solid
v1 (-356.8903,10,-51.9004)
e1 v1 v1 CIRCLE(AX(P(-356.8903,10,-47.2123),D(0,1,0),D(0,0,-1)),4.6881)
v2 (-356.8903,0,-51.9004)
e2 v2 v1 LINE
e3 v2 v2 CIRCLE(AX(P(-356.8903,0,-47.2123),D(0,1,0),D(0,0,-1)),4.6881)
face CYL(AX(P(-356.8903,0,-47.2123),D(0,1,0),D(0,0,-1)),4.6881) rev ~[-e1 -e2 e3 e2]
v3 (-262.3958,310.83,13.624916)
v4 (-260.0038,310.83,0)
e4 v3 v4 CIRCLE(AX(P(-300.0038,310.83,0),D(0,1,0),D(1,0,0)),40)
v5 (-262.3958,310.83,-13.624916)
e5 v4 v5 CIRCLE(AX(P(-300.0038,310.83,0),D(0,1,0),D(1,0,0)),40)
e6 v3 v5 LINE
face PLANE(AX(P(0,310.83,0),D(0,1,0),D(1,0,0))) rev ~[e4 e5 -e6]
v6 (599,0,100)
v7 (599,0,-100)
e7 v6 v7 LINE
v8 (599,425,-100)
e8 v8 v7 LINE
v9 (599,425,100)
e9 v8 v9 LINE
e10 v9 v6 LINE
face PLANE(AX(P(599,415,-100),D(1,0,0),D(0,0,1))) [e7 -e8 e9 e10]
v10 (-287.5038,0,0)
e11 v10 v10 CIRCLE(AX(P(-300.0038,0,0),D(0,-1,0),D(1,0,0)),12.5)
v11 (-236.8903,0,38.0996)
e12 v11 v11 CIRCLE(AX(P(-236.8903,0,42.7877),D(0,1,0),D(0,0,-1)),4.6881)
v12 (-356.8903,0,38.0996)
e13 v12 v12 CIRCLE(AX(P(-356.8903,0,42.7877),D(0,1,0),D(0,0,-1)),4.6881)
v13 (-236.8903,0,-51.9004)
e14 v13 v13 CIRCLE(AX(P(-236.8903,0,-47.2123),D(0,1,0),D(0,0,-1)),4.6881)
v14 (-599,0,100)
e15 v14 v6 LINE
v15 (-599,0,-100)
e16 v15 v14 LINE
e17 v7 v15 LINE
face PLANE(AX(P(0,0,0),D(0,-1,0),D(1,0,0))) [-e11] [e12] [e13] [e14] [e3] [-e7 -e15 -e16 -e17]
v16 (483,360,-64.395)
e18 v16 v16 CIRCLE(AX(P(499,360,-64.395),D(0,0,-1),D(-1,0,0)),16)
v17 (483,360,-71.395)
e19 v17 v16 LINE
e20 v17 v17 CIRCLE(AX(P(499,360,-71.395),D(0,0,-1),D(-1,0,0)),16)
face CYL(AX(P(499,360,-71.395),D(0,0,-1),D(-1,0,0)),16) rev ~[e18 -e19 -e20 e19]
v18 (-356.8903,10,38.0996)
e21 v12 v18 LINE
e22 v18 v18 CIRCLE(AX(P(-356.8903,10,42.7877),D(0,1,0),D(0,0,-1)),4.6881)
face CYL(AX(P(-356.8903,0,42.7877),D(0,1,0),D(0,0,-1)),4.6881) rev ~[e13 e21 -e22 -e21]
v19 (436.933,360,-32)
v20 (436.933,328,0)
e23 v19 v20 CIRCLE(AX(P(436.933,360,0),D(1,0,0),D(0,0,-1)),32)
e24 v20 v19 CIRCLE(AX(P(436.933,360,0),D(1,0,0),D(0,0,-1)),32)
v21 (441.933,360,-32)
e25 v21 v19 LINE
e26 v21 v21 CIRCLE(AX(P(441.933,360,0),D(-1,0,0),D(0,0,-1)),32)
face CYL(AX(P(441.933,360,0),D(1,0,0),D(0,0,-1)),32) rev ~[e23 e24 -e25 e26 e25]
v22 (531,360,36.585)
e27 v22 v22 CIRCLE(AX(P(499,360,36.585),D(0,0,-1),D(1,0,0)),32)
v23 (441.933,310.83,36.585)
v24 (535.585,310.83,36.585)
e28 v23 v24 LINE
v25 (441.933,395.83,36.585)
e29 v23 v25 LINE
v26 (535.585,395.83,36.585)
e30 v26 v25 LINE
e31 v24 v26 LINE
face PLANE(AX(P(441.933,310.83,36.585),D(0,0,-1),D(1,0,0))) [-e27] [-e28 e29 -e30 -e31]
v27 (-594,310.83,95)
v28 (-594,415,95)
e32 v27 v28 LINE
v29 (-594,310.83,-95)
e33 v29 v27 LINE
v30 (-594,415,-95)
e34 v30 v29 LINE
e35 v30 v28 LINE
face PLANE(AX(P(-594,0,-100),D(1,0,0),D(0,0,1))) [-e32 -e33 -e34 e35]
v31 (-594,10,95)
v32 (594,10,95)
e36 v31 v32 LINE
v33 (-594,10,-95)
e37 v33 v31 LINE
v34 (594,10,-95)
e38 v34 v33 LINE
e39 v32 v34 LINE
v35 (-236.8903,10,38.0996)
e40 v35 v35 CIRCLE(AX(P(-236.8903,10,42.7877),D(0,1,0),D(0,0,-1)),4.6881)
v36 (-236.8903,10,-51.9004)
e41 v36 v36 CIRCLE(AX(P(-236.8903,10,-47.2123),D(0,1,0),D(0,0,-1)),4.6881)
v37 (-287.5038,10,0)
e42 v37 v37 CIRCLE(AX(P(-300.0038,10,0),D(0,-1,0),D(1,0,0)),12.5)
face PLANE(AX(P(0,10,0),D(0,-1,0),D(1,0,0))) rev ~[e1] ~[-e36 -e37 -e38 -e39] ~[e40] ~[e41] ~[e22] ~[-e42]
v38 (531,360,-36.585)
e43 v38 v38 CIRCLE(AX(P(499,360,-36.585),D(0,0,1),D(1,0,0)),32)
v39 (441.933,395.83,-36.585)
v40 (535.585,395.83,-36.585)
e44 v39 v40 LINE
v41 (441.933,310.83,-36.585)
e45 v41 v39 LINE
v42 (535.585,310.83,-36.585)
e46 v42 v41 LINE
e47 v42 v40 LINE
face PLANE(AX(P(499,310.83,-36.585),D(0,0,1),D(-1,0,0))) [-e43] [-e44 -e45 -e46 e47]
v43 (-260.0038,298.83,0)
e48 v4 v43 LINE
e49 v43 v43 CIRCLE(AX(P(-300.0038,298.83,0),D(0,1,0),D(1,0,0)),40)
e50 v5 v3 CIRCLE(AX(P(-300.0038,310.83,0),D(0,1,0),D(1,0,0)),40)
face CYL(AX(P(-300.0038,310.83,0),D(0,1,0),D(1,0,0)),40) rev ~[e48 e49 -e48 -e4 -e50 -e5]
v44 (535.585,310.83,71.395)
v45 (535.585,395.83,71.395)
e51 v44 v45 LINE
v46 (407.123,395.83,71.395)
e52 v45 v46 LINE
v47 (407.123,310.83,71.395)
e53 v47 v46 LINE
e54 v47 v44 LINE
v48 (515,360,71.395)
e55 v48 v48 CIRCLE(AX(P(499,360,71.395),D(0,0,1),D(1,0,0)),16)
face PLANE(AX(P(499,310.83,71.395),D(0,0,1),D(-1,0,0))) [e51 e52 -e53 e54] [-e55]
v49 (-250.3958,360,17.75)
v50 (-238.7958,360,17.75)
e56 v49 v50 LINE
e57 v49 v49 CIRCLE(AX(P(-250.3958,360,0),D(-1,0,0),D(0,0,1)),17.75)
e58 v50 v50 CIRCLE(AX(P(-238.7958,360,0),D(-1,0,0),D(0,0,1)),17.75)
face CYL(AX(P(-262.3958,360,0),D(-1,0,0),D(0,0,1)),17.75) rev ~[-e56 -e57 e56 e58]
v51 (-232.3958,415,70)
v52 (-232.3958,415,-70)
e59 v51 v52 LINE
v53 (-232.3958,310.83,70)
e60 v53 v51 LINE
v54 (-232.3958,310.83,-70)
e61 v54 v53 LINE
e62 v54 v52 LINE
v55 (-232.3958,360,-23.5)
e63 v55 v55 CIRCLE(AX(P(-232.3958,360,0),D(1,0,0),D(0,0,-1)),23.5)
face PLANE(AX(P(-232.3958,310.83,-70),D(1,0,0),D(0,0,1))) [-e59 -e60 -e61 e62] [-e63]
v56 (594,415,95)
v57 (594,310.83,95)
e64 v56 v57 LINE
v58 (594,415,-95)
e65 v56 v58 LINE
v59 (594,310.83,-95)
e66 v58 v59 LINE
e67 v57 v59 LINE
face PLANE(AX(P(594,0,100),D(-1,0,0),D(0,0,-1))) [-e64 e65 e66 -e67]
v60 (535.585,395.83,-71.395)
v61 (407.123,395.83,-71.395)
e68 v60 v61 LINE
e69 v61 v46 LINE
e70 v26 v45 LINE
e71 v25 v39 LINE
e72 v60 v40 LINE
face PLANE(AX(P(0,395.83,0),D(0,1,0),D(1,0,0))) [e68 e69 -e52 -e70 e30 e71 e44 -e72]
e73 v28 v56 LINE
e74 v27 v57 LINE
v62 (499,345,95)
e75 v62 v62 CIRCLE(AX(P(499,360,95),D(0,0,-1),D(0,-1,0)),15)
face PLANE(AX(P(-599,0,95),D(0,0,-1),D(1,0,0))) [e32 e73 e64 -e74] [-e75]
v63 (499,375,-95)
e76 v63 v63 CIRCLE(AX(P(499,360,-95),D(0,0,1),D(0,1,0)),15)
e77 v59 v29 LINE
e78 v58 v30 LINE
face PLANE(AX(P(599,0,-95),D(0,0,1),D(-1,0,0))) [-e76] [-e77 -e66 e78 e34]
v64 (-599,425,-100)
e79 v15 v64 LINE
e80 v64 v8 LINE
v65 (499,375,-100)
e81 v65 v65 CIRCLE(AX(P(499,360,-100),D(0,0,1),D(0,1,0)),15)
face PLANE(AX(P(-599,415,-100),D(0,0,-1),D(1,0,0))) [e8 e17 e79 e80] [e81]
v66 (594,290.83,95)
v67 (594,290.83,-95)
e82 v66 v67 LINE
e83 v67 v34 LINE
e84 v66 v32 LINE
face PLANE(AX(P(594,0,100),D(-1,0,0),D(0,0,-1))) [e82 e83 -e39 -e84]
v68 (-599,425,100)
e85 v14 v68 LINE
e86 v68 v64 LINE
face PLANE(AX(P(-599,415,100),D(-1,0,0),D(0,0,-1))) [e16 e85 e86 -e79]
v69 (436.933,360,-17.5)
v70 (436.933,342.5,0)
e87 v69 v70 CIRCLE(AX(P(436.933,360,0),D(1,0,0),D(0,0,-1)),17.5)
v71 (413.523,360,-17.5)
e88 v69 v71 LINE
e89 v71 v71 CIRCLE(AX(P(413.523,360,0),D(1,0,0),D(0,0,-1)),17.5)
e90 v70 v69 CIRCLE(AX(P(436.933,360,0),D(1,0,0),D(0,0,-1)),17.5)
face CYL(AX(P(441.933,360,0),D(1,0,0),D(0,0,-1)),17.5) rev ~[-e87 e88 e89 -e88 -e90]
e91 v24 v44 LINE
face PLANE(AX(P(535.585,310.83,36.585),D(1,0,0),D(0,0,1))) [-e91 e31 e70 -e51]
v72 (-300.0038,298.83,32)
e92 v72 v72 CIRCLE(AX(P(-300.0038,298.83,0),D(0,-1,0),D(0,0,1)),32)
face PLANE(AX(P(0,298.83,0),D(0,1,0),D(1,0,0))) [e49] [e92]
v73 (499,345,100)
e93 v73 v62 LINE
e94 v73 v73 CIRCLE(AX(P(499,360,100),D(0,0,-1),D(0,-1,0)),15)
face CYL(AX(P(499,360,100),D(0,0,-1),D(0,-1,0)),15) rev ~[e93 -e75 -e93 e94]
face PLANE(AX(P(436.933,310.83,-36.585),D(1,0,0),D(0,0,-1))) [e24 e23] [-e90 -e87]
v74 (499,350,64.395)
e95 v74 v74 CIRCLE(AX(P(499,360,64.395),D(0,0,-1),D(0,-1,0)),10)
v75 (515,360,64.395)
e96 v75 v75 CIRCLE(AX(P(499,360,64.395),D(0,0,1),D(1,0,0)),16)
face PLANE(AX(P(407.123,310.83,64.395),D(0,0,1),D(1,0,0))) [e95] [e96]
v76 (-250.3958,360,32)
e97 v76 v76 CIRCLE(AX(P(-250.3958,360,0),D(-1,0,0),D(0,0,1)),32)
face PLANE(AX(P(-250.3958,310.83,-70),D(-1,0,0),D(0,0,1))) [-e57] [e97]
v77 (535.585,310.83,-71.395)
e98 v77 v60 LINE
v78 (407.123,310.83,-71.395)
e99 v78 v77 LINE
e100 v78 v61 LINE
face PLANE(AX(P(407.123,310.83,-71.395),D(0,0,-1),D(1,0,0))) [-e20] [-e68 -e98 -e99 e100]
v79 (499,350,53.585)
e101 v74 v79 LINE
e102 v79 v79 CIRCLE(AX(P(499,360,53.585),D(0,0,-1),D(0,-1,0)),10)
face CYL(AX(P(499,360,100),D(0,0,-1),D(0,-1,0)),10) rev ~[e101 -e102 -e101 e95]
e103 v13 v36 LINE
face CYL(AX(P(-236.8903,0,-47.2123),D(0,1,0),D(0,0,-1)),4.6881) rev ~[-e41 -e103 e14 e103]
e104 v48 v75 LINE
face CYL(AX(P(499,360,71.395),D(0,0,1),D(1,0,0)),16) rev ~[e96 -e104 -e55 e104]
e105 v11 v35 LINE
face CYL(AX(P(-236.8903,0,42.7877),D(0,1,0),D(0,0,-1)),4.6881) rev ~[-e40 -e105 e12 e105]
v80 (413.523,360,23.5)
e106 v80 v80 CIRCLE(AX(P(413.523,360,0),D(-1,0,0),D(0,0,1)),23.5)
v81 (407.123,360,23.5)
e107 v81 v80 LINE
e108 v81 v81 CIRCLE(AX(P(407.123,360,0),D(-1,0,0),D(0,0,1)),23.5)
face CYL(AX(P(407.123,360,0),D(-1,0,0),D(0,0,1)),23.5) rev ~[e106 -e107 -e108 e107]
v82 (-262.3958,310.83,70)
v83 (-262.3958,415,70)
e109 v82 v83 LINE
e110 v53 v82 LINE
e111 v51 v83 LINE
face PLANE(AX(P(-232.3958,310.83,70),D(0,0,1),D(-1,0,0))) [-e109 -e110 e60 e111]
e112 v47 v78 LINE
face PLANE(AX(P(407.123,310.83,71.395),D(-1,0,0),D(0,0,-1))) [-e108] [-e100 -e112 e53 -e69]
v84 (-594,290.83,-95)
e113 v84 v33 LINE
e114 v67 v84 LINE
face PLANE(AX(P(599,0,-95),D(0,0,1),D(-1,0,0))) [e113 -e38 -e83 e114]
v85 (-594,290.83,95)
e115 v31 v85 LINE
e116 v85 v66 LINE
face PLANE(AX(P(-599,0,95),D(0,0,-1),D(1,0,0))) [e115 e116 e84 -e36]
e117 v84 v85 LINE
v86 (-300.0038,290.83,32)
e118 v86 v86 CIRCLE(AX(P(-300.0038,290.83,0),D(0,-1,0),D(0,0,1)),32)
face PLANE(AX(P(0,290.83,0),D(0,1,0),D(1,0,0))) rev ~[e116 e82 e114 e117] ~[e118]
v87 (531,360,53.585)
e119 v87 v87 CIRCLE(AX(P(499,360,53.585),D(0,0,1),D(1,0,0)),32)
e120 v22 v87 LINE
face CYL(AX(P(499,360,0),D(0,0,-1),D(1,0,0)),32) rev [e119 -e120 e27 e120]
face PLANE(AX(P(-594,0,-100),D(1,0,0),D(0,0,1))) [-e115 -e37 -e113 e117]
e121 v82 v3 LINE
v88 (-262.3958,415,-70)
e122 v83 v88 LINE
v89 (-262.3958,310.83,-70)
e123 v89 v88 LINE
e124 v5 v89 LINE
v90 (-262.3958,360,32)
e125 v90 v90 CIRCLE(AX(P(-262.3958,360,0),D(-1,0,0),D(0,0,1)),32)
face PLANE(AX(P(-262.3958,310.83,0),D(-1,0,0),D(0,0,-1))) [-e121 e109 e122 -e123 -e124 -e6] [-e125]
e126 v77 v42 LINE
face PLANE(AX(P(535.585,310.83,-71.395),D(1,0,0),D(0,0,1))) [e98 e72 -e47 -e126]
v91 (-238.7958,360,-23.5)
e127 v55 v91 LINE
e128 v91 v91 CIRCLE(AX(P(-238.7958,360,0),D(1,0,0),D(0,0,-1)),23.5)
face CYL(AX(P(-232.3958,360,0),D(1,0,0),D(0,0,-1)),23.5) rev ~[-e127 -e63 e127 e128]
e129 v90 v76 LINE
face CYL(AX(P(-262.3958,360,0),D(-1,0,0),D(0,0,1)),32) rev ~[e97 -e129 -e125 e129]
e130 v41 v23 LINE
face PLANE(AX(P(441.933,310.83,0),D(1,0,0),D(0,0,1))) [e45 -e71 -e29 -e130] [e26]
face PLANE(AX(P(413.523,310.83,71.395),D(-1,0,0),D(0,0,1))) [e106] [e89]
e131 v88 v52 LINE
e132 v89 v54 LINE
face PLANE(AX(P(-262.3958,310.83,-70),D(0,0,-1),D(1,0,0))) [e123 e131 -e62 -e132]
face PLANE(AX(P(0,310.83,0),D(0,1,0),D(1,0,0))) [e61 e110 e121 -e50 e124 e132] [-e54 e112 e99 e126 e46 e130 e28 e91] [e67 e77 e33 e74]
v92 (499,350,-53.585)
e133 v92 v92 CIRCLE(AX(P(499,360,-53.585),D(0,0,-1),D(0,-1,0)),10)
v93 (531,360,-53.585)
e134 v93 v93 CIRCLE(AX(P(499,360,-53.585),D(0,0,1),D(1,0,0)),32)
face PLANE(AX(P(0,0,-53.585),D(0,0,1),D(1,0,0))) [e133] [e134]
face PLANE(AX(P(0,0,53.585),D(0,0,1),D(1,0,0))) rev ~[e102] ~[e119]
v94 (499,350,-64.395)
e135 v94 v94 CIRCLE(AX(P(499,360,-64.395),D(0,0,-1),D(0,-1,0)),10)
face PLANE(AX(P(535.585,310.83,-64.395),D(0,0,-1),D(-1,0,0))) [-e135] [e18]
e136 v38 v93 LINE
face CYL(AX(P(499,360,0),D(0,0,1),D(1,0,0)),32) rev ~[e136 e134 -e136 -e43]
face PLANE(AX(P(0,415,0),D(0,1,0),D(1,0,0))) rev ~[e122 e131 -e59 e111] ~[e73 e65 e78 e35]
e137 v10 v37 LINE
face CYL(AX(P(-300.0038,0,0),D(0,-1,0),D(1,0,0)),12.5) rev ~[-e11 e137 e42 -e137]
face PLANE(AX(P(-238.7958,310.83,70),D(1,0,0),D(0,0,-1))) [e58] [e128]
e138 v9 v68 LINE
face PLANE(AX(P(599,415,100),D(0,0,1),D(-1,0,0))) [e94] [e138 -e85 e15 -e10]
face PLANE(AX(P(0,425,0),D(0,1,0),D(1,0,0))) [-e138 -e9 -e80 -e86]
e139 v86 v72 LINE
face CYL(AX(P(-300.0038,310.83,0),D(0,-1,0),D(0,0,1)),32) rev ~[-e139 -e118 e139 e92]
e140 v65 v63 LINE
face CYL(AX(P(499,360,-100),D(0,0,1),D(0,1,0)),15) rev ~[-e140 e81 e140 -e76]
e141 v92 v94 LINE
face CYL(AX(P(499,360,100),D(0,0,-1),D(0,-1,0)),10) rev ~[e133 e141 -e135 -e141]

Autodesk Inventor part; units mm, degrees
ref_plane "YZ Plane" through (0, 0, 0) normal (1, 0, 0) x (0, 1, 0)
ref_plane "XZ Plane" through (0, 0, 0) normal (0, 1, 0) x (-1, 0, 0)
sketch "Skizze1" plane through (0, 0, 0) normal (0, 1, 0) x (-1, 0, 0)
  line L0 (599, 100) -> (-599, 100)
  line L1 (-599, 100) -> (-599, -100)
  line L2 (-599, -100) -> (599, -100)
  line L3 (599, -100) -> (599, 100)
  line L4 (838.6, 0) -> (-838.6, 0) construction
  line L5 (0, -140) -> (0, 140) construction
  point P0 (0, 0)
  dimension "d0" = 1198
  dimension "d1" = 200
extrude "Extrusion1" add sketch "Skizze1" along normal blind 420
shell "Wandung1" thickness 5 removed faces 1 at (199.6667, 0, -33.3333)
sketch "Skizze2" plane through (-599, 0, 100) normal (0, 0, 1) x (1, 0, 0)
  line L0 (0, 0) -> (1198, 0) construction
  line L1 (1198, 0) -> (1098, 0)
  line L2 (1098, 0) -> (1098, 130)
  line L3 (1098, 130) -> (1098, 360)
  point P0 (599, 0)
  dimension "d9" = 100
  dimension "d10" = 130
  dimension "d11" = 230
hole "Bohrung1" at (499, 360, 100) direction (0, 0, -1) diameter 30 depth 20 tip angle 118
ref_plane "Arbeitsebene1" through (0, 310.83, 0) normal (0, 1, 0) x (1, 0, 0)
sketch "Skizze3" plane through (0, 310.83, 0) normal (0, 1, 0) x (1, 0, 0)
  line L0 (599, 100) -> (-599, 100) construction
  line L1 (599, -100) -> (599, 100) construction
  line L2 (-599, -100) -> (599, -100) construction
  line L3 (-599, 100) -> (-599, -100) construction
  line L4 (599, -100) -> (499, -100)
  line L5 (499, -100) -> (511.5, -100)
  line L6 (499, -100) -> (486.5, -100)
  line L7 (-599, 100) -> (599, 100)
  line L8 (599, 100) -> (599, -100)
  line L9 (599, -100) -> (-599, -100)
  line L10 (-599, -100) -> (-599, 100)
  line L11 (599, 0) -> (86.8278, 0)
  line L12 (499, -100) -> (499, 0)
  line L13 (499, 0) -> (499, 100)
  line L14 (499, 0) -> (536.585, 0)
  line L15 (499, 0) -> (463.415, 0)
  line L16 (499, 0) -> (464.19, 0)
  line L17 (499, 0) -> (499, 36.585)
  line L18 (499, 36.585) -> (535.585, 36.585)
  line L19 (535.585, 36.585) -> (441.933, 36.585)
  line L20 (441.933, 36.585) -> (441.933, -36.585)
  line L21 (441.933, -36.585) -> (535.585, -36.585)
  line L22 (535.585, -36.585) -> (535.585, -71.395)
  line L23 (535.585, -71.395) -> (441.933, -71.395)
  line L24 (441.933, -71.395) -> (407.123, -71.395)
  line L25 (407.123, -71.395) -> (407.123, 36.585)
  line L26 (407.123, 36.585) -> (407.123, 71.395)
  line L27 (407.123, 71.395) -> (535.585, 71.395)
  line L28 (535.585, 71.395) -> (535.585, 36.585)
  point P0 (0, 0)
  dimension "d20" = 100
  dimension "d21" = 12.5
  dimension "d22" = 12.5
  dimension "d33" = 36.585
  dimension "d34" = 36.585
  dimension "d35" = 93.652
  dimension "d36" = 73.17
  dimension "d37" = 93.652
  dimension "d38" = 34.81
  dimension "d39" = 34.81
  dimension "d40" = 34.81
extrude "Extrusion2" add sketch "Skizze3" against normal blind 20
sketch "Skizze6" plane through (-599, 0, 100) normal (0, 0, 1) x (1, 0, 0)
  circle A0 centre (1098, 360) radius 15 construction
  line L0 (5, 310.83) -> (1193, 310.83) construction
  arc A1 (1113, 360) -> (1083, 360) centre (1098, 360) ccw
  line L1 (1083, 360) -> (1083, 310.83)
  line L2 (1113, 360) -> (1113, 310.83)
  circle A2 centre (1098, 360) radius 15
  point P0 (599, 0)
  dimension "d25" = 30
extrude "Extrusion3" add sketch "Skizze3" along normal blind 85 contours L23 L24 L25 L11 L20 L21 L12 | L12 L21 L22 L23 | L27 L28 L18 L13 | L13 L19 L20 L11 L25 L26 L27
ref_plane "Arbeitsebene2" through (0, 360, 0) normal (0, 1, 0) x (1, 0, 0)
sketch "Skizze7" plane through (0, 0, 0) normal (0, 0, 1) x (1, 0, 0)
  circle A0 centre (499, 360) radius 15 construction
  circle A1 centre (499, 360) radius 32
  circle A2 centre (499, 360) radius 32
  point P0 (0, 0)
  dimension "d44" = 64
extrude "Extrusion4" cut sketch "Skizze7" along normal mid plane 107.17
sketch "Skizze8" plane through (0, 420, 0) normal (0, 1, 0) x (1, 0, 0)
  line L0 (-599, 100) -> (599, 100)
  line L1 (599, 100) -> (599, -100)
  line L2 (599, -100) -> (-599, -100)
  line L3 (-599, -100) -> (-599, 100)
  point P0 (0, 0)
extrude "Extrusion5" cut sketch "Skizze8" against normal blind 5
hole "Bohrung2" at (499, 360, 100) direction (0, 0, -1) diameter 20 depth 500 tip angle 118
sketch "Skizze9" plane through (441.933, 310.83, -36.585) normal (1, 0, 0) x (0, 0, -1)
  line L0 (0, 0) -> (0, 85) construction
  line L1 (-73.17, 85) -> (0, 85) construction
  line L2 (-73.17, 0) -> (-73.17, 85) construction
  line L3 (-73.17, 85) -> (0, 85)
  line L4 (-73.17, 85) -> (-73.17, 0)
  line L5 (0, 0) -> (-73.17, 0)
  line L6 (-107.98, 0) -> (34.81, 0) construction
  line L7 (0, 0) -> (0, 85)
  line L8 (-36.585, 0) -> (-36.585, 49.17)
  circle A0 centre (-36.585, 49.17) radius 32
  circle A1 centre (-36.585, 49.17) radius 17.5
  point P0 (-36.585, -310.83)
  dimension "d56" = 49.17
  dimension "d58" = 64
  dimension "d61" = 35
extrude "Extrusion6" cut sketch "Skizze9" against normal blind 5 contours A1 | A0
extrude "Extrusion7" cut sketch "Skizze9" against normal blind 50 contours A1
sketch "Skizze10" plane through (0, 310.83, 0) normal (0, 1, 0) x (1, 0, 0)
  line L0 (-600.9138, 0) -> (-300.0038, 0)
  circle A0 centre (-300.0038, 0) radius 17.5
  line L1 (-300.0038, 0) -> (-206.3518, 0)
  line L2 (-262.3958, 0) -> (-262.3958, 70)
  line L3 (-262.3958, 70) -> (-232.3958, 70)
  line L4 (-232.3958, 70) -> (-232.3958, -70)
  line L5 (-232.3958, -70) -> (-262.3958, -70)
  line L6 (-262.3958, -70) -> (-262.3958, 0)
  line L7 (-300.0038, 0) -> (-263.4188, 0)
  line L8 (-300.0038, 0) -> (-262.3958, 0)
  point P0 (0, 0)
  dimension "d64" = 300.91
  dimension "d72" = 35
  dimension "d74" = 93.652
  dimension "d75" = 70
  dimension "d76" = 30
  dimension "d77" = 140
  dimension "d86" = 36.585
  dimension "d87" = 37.608
hole "Bohrung3" at (-300.0038, 310.83, 0) direction (0, -1, 0) diameter 64 depth 500 tip angle 118
extrude "Extrusion8" add sketch "Skizze10" along normal blind 104.17 contours L2 L3 L4 L1 | L1 L4 L5 L6
sketch "Skizze11" plane through (-262.3958, 310.83, -70) normal (-1, 0, 0) x (0, 0, 1)
  line L0 (-70, 49.17) -> (210, 49.17) construction
  circle A0 centre (70, 49.17) radius 17.5 construction
  circle A1 centre (70, 49.17) radius 32
  circle A2 centre (70, 49.17) radius 17.75
  point P0 (70, -310.83)
  dimension "d80" = 64
  dimension "d83" = 35.5
extrude "Extrusion9" cut sketch "Skizze11" against normal blind 12 contours A1 | A2
extrude "Extrusion10" cut sketch "Skizze11" against normal blind 40 contours A2
sketch "Skizze12" plane through (0, 310.83, 0) normal (0, 1, 0) x (1, 0, 0)
  circle A0 centre (-300.0038, 0) radius 32 construction
  circle A1 centre (-300.0038, 0) radius 40
  circle A2 centre (-300.0038, 0) radius 32
  point P0 (0, 0)
  dimension "d88" = 80
extrude "Extrusion11" add sketch "Skizze12" against normal blind 4
sketch "Skizze13" plane through (0, 0, 0) normal (0, -1, 0) x (1, 0, 0)
  circle A0 centre (-300.0038, 0) radius 32 construction
  circle A1 centre (-300.0038, 0) radius 12.5
  line L0 (-268.0493, -31.9545) -> (-331.9583, 31.9545) construction
  line L1 (-331.9583, -31.9545) -> (-268.0493, 31.9545) construction
  line L2 (-594, 95) -> (594, 95)
  line L3 (594, 95) -> (594, -95)
  line L4 (594, -95) -> (-594, -95)
  line L5 (-594, -95) -> (-594, 95)
  point P0 (0, 0)
  dimension "d101" = 25
extrude "Extrusion12" add sketch "Skizze13" against normal blind 10
sketch "Skizze14" plane through (599, 0, -100) normal (0, 0, -1) x (-1, 0, 0)
  circle A0 centre (100, 360) radius 10 construction
  circle A1 centre (100, 360) radius 15
  point P0 (599, 0)
  dimension "d104" = 30
hole "Bohrung4" at (499, 360, -100) direction (0, 0, 1) diameter 30 depth 20 tip angle 118
sketch "Skizze16" plane through (-232.3958, 310.83, 70) normal (1, 0, 0) x (0, 0, -1)
  circle A0 centre (70, 49.17) radius 17.75 construction
  circle A1 centre (70, 49.17) radius 23.5
  point P0 (70, -310.83)
  dimension "d112" = 47
extrude "Extrusion13" cut sketch "Skizze16" against normal blind 6.4
sketch "Skizze17" plane through (407.123, 310.83, 71.395) normal (-1, 0, 0) x (0, 0, 1)
  circle A0 centre (-71.395, 49.17) radius 17.5 construction
  circle A1 centre (-71.395, 49.17) radius 23.5
  point P0 (-71.395, -310.83)
  dimension "d115" = 47
extrude "Extrusion14" cut sketch "Skizze17" against normal blind 6.4
sketch "Skizze18" plane through (407.123, 310.83, 71.395) normal (0, 0, 1) x (1, 0, 0)
  circle A0 centre (91.877, 49.17) radius 10 construction
  circle A1 centre (91.877, 49.17) radius 16
  point P0 (-407.123, -310.83)
  dimension "d118" = 32
extrude "Extrusion15" cut sketch "Skizze18" against normal blind 7
sketch "Skizze19" plane through (535.585, 310.83, -71.395) normal (0, 0, -1) x (-1, 0, 0)
  circle A0 centre (36.585, 49.17) radius 16 construction
  circle A1 centre (36.585, 49.17) radius 16
  point P0 (535.585, -310.83)
  dimension "d121" = 32
extrude "Extrusion16" cut sketch "Skizze19" against normal blind 7
sketch "Skizze20" plane through (0, 310.83, 0) normal (0, 1, 0) x (1, 0, 0)
  circle A0 centre (-300.0038, 0) radius 32 construction
  circle A1 centre (-300.0038, 0) radius 40
  point P0 (0, 0)
  dimension "d124" = 80
extrude "Extrusion17" cut sketch "Skizze20" against normal blind 12
sketch "Skizze21" plane through (599, 0, -100) normal (0, 0, -1) x (-1, 0, 0)
  circle A0 centre (100, 360) radius 15 construction
  line L0 (1198, 415) -> (0, 415) construction
  line L1 (0, 0) -> (0, 415) construction
  line L2 (0, 0) -> (1198, 0) construction
  line L3 (1198, 0) -> (1198, 415) construction
  point P0 (599, 0)
sketch "Skizze22" plane through (0, 0, 0) normal (0, -1, 0) x (1, 0, 0)
  circle A0 centre (-356.8903, 42.7877) radius 5.0941 construction
  circle A1 centre (-298.864, 3.8435) radius 17.5 construction
  circle A2 centre (-298.864, 3.8435) radius 17.5 construction
  point P0 (0, 0)
  point P1 (-236.8903, 42.7877)
  point P2 (-236.8903, -47.2123)
  point P3 (-356.8903, -47.2123)
  point P4 (-236.8903, 42.7877)
  point P5 (-236.8903, -47.2123)
  point P6 (-356.8903, -47.2123)
hole "Bohrung5" at (-356.8903, 0, 42.7877) at (-236.8903, 0, 42.7877) at (-236.8903, 0, -47.2123) at (-356.8903, 0, -47.2123) direction (0, 1, 0) diameter 9.3762 depth 29.3 tip angle 118 thread size "M11x1.5" class "6H" standard "ISO Metric profile"
sketch "Skizze23" plane through (0, 415, 0) normal (0, 1, 0) x (1, 0, 0)
  line L0 (-599, 100) -> (599, 100)
  line L1 (599, 100) -> (599, -100)
  line L2 (599, -100) -> (-599, -100)
  line L3 (-599, -100) -> (-599, 100)
  point P0 (0, 0)
extrude "Extrusion18" add sketch "Skizze23" along normal blind 10
properties part number "Mittelkonsole"
